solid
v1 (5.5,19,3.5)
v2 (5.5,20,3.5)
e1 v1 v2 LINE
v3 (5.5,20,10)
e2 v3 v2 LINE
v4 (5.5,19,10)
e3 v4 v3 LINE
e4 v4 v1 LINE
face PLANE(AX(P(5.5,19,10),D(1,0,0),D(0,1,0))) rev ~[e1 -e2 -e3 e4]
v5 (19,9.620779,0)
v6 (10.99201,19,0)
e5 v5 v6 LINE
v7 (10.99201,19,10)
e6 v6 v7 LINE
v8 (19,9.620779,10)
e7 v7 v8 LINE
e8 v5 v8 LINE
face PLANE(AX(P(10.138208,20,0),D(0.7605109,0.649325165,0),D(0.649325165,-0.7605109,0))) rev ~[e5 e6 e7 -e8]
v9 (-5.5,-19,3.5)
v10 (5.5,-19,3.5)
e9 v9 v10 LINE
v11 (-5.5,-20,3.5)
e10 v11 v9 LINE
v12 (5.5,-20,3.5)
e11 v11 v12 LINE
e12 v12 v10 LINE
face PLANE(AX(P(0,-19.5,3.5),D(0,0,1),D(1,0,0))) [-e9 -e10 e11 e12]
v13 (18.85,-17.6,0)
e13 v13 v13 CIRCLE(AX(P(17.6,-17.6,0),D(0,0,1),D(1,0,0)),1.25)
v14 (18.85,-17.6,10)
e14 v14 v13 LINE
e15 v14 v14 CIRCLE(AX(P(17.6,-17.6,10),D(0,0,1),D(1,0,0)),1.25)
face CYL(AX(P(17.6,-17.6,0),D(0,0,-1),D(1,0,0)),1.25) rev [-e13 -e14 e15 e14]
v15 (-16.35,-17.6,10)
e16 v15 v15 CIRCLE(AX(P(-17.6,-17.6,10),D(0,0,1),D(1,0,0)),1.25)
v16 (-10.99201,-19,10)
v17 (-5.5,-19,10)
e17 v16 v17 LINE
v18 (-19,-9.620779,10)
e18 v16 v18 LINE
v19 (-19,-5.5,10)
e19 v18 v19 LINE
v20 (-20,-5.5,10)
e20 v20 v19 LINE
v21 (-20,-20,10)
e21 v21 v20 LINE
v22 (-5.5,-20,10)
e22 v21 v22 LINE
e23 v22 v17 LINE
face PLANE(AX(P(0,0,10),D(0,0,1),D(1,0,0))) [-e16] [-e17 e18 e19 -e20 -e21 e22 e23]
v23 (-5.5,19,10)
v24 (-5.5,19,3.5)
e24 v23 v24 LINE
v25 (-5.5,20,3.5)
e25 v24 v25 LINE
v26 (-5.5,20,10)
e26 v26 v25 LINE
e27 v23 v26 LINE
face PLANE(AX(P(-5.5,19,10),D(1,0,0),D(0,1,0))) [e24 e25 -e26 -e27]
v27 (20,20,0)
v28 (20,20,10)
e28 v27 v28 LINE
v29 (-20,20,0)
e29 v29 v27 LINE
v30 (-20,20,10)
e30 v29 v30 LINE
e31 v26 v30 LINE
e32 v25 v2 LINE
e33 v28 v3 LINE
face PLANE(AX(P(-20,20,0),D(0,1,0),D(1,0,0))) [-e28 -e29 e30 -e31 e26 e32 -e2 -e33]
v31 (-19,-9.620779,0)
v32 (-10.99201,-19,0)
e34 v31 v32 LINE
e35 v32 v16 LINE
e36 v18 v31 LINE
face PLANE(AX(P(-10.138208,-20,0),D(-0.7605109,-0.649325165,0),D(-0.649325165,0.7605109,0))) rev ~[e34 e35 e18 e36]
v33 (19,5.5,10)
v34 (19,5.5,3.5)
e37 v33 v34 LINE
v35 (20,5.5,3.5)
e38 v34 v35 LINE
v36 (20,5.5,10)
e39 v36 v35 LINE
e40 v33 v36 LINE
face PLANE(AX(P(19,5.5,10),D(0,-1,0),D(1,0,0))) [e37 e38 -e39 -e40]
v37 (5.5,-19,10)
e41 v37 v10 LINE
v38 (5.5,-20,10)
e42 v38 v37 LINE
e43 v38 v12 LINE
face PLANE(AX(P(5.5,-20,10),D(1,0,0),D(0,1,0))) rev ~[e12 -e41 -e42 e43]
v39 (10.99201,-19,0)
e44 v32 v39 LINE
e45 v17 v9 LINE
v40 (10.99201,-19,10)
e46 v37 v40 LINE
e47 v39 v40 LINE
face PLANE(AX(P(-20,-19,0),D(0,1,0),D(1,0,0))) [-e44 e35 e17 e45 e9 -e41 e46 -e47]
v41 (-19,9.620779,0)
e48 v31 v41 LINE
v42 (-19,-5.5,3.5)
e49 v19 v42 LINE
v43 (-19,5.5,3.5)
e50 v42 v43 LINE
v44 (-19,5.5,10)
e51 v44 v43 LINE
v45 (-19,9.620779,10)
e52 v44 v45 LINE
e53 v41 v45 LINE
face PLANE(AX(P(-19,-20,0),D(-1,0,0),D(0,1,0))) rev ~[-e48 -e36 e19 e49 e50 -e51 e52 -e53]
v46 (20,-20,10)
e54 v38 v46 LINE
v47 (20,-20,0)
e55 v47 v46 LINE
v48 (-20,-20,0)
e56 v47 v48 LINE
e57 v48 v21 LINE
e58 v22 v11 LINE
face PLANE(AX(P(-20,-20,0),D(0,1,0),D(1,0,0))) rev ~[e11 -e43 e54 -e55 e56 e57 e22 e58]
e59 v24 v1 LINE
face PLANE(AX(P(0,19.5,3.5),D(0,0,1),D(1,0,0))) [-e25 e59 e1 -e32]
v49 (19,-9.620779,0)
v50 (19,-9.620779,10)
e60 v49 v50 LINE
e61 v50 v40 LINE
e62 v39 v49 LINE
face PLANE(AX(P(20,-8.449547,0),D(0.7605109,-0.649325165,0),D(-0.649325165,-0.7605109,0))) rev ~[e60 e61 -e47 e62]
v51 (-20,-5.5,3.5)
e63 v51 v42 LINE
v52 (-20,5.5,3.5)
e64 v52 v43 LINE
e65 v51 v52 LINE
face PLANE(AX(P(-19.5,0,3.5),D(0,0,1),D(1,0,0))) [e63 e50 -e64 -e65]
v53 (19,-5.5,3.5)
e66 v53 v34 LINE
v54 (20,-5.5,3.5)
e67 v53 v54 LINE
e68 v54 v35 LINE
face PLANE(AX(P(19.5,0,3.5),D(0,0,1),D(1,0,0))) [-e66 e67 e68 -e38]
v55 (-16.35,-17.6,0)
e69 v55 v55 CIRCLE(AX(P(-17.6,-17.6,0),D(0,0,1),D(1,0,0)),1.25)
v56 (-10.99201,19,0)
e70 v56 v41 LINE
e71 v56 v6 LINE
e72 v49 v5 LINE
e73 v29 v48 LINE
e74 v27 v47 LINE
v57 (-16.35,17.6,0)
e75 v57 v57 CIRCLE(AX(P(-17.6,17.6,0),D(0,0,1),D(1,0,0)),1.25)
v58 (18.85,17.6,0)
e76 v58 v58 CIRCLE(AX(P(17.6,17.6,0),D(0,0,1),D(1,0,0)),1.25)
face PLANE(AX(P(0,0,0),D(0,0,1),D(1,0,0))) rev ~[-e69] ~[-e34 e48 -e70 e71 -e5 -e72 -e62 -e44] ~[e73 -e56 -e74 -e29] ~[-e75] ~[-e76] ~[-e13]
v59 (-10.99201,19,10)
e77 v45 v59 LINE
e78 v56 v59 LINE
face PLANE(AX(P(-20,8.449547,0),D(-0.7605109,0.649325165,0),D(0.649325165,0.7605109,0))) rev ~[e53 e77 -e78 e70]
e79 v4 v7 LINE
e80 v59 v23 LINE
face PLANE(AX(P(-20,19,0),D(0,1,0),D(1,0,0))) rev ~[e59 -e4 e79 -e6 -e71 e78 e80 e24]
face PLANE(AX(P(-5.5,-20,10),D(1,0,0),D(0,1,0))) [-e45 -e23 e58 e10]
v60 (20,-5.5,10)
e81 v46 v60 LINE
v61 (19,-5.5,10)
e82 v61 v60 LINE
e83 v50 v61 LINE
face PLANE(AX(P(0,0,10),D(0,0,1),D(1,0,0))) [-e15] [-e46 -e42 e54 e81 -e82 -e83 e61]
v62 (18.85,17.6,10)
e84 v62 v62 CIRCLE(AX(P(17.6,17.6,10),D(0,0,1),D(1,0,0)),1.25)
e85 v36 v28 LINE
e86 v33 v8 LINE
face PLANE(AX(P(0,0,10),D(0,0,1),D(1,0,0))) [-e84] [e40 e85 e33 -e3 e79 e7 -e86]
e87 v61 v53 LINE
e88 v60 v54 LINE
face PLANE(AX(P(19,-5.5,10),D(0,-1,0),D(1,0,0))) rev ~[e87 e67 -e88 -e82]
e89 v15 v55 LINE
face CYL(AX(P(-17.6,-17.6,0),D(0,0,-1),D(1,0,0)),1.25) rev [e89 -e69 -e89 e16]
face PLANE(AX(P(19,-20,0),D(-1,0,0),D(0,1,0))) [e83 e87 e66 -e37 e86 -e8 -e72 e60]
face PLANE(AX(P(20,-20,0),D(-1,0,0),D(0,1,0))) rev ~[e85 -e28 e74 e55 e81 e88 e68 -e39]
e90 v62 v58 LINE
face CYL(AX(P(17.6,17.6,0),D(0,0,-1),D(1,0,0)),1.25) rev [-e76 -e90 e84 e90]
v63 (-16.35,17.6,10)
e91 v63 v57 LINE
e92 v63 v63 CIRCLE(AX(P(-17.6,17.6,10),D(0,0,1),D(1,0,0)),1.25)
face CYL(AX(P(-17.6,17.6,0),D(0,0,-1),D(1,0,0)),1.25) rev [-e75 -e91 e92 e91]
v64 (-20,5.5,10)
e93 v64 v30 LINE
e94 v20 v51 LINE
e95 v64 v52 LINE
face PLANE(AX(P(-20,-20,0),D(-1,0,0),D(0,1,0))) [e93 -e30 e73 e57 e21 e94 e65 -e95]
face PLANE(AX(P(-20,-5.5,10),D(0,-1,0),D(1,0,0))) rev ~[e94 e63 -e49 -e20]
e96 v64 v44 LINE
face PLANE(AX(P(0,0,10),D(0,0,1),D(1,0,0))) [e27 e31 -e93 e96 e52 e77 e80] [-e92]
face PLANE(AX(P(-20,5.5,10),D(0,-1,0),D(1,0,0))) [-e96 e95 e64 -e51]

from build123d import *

# Parameters (mm, degrees)
F0_W     = 40
F0_H     = 40
F1_DEPTH = 10
F2_T     = -1
F3_R     = 1.25
F4_DEPTH = 10
F5_DEPTH = 25
F6_DEPTH = 25
F7_W     = 11
F7_H     = 1
F7_W_2   = 1
F7_H_2   = 11
F8_DEPTH = 6.5


with BuildPart() as f1:
    # F0 (on Top) → F1 (new body)
    with BuildSketch(Plane.XY):
        Rectangle(F0_W, F0_H)
    extrude(amount=F1_DEPTH)

    # F2
    f2_openings = [f1.faces().sort_by_distance(p)[0] for p in [
        (0, 0, 10),
    ]]
    offset(amount=F2_T, openings=f2_openings)

    # F3 (on face) → F4 (join)
    with BuildSketch(Plane.XY):
        Polygon((-20, -8.4495466982), (-20, -20), (-10.1382084124, -20), align=None)
        with Locations((-17.6, -17.6)):
            Circle(F3_R, mode=Mode.SUBTRACT)
        Polygon((20, -8.4495466982), (10.1382084124, -20), (20, -20), align=None)
        with Locations((17.6, -17.6)):
            Circle(F3_R, mode=Mode.SUBTRACT)
        Polygon((-20, 20), (-20, 8.4495466982), (-10.1382084124, 20), align=None)
        with Locations((-17.6, 17.6)):
            Circle(F3_R, mode=Mode.SUBTRACT)
        Polygon((20, 20), (10.1382084124, 20), (20, 8.4495466982), align=None)
        with Locations((17.6, 17.6)):
            Circle(F3_R, mode=Mode.SUBTRACT)
    extrude(amount=F4_DEPTH)

    # F3 (on face) → F5 (cut)
    with BuildSketch(Plane.XY):
        with Locations((-17.6, -17.6)):
            Circle(F3_R)
        with Locations((17.6, -17.6)):
            Circle(F3_R)
        with Locations((17.6, 17.6)):
            Circle(F3_R)
        with Locations((-17.6, 17.6)):
            Circle(F3_R)
    extrude(amount=F5_DEPTH, mode=Mode.SUBTRACT)

    # F6 (cut): a face of the model
    f6_faces = [f1.faces().sort_by_distance(p)[0] for p in [
        (0, 0, 1),
    ]]
    extrude(f6_faces, amount=-F6_DEPTH, mode=Mode.SUBTRACT)

    # F7 (on face) → F8 (cut)
    with BuildSketch(Plane.XY.offset(10)):
        with Locations((0, 19.5)):
            Rectangle(F7_W, F7_H)
        with Locations((0, -19.5)):
            Rectangle(F7_W, F7_H)
        with Locations((-19.5, 0)):
            Rectangle(F7_W_2, F7_H_2)
        with Locations((19.5, 0)):
            Rectangle(F7_W_2, F7_H_2)
    extrude(amount=-F8_DEPTH, mode=Mode.SUBTRACT)


solid = f1.part
